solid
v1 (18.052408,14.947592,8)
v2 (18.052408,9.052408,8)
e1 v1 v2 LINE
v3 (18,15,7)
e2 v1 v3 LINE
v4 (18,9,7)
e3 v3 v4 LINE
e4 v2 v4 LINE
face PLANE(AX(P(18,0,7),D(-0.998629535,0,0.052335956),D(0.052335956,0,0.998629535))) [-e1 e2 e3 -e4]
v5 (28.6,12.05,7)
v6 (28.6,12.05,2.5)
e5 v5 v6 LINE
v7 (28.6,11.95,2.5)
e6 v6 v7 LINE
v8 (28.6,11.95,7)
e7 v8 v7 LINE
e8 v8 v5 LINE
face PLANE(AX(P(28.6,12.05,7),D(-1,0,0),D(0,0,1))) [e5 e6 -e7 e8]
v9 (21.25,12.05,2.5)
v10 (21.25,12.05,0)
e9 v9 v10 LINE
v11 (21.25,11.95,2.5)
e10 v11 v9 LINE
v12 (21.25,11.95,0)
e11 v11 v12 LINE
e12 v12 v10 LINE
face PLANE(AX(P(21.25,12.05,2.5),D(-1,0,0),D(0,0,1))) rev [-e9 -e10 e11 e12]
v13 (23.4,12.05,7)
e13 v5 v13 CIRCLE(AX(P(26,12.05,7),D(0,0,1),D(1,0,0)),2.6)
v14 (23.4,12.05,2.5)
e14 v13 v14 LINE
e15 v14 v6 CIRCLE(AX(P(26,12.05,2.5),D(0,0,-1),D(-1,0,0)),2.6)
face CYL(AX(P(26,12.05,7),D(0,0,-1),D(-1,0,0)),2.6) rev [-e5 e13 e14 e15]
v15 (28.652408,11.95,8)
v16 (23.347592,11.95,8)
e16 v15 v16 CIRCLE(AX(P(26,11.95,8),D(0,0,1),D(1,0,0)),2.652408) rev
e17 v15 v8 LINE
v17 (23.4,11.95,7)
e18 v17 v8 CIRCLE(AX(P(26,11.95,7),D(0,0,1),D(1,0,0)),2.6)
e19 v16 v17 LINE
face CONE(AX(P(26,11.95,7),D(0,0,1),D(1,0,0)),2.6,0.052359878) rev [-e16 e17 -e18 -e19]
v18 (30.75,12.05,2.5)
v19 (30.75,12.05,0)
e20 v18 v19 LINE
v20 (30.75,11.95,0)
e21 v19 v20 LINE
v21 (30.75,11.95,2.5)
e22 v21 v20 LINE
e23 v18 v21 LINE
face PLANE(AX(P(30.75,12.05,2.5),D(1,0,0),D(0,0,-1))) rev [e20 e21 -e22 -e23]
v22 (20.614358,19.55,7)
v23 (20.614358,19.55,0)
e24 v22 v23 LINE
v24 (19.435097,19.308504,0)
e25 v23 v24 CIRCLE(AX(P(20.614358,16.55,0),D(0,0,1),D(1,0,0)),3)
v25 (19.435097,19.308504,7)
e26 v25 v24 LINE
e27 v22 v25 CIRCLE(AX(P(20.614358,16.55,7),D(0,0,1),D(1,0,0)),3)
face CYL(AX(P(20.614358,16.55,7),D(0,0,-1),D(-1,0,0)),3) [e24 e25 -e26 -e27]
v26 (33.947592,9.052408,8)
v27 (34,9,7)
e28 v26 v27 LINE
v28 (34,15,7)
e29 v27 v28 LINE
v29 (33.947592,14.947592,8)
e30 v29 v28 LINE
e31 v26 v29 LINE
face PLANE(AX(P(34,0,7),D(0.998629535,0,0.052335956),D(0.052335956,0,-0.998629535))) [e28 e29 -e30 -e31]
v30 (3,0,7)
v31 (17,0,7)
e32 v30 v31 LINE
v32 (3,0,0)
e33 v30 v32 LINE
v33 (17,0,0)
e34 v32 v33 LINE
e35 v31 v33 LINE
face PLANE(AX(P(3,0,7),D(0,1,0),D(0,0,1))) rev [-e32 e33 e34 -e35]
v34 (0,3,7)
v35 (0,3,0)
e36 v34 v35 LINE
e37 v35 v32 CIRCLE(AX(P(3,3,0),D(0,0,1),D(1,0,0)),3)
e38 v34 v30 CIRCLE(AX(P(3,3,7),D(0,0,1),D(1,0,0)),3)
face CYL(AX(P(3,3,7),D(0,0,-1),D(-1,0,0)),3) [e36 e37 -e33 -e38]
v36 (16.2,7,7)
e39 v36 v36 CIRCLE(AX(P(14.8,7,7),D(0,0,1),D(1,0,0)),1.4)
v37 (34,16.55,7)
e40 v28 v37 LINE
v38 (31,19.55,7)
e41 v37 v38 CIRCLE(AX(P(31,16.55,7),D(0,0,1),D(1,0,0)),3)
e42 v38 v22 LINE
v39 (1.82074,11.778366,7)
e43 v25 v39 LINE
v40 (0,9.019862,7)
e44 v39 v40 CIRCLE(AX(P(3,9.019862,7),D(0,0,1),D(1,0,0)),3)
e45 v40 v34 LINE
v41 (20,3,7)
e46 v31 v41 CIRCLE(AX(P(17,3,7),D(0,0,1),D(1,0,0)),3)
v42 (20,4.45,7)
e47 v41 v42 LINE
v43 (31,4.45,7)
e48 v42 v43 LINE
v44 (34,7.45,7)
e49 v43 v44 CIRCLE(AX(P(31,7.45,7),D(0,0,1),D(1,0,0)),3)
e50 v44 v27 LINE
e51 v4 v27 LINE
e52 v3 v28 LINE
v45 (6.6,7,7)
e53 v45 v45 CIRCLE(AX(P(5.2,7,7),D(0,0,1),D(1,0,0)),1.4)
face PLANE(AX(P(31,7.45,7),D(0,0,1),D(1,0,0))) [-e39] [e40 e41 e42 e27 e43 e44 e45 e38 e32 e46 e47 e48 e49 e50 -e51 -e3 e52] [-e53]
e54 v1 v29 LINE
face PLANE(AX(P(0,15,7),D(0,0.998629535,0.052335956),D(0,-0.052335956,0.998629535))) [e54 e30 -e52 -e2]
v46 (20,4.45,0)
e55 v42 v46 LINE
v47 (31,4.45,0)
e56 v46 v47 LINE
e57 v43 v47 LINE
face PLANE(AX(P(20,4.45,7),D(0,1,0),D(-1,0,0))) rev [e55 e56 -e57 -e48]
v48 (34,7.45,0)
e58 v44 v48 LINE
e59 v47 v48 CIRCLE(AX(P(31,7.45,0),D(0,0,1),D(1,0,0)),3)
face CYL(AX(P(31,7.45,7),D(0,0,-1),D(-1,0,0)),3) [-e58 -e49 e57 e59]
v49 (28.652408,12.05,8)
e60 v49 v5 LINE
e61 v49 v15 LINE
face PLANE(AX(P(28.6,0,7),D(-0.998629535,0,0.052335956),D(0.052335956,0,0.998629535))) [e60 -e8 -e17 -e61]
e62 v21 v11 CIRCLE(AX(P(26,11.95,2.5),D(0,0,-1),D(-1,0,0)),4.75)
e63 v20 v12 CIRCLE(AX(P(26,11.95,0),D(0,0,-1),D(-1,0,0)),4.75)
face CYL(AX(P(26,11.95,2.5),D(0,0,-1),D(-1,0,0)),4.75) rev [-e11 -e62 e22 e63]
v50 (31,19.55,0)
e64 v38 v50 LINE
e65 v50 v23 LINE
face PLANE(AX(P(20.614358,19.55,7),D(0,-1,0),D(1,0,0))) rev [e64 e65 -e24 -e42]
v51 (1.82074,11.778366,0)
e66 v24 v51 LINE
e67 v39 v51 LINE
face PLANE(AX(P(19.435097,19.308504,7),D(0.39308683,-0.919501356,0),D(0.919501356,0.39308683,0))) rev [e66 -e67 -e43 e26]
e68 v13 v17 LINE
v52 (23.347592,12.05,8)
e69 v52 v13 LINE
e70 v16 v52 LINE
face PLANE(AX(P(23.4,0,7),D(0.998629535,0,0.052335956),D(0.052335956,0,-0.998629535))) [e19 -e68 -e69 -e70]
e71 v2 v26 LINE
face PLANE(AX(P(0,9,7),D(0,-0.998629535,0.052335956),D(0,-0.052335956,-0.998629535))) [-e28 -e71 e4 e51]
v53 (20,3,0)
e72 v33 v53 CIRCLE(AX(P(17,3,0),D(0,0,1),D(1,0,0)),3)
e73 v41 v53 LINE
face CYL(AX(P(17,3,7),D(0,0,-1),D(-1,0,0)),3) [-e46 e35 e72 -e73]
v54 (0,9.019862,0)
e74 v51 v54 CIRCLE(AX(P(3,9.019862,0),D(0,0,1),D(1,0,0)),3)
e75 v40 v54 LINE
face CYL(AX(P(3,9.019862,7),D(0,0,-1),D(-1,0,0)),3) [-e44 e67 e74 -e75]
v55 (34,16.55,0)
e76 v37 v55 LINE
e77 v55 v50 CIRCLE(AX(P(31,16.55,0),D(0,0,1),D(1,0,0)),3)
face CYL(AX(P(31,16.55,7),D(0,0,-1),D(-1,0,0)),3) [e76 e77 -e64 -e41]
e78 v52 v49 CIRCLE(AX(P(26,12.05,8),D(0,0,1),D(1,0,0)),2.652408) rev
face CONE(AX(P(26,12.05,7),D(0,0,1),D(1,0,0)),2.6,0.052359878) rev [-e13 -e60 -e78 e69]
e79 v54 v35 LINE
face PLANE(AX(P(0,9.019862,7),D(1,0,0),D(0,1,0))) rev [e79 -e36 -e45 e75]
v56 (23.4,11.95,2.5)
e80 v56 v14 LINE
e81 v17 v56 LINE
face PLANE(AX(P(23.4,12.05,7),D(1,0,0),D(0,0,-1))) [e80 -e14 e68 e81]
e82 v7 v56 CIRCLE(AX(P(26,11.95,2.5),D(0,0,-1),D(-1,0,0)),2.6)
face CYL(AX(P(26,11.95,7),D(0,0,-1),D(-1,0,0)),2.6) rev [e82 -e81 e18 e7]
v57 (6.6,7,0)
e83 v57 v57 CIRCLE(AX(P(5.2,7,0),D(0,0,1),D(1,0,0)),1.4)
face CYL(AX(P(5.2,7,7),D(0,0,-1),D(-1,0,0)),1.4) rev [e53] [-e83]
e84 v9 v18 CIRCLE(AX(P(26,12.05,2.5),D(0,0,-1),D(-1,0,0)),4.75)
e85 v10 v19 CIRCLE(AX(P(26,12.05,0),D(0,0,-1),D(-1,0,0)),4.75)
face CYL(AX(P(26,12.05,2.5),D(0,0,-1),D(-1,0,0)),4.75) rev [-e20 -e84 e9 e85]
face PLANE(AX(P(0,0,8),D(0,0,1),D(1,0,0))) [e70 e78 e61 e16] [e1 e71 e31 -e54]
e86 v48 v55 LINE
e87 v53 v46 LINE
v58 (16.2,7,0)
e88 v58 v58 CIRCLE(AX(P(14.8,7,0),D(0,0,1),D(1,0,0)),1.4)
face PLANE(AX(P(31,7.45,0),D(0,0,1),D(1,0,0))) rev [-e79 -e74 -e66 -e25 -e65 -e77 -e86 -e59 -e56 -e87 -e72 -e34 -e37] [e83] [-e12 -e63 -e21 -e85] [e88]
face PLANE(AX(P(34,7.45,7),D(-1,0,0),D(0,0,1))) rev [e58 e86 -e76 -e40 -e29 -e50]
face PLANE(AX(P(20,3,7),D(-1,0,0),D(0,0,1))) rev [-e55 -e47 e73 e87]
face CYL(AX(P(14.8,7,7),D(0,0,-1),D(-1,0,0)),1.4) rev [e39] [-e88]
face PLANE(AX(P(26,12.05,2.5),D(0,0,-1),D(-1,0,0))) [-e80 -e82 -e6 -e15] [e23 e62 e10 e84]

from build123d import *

# Parameters (mm, degrees)
SKETCH1_R           = 1.4
BOSS_EXTRUDE1_DEPTH = 7
CUT_EXTRUDE1_DEPTH  = 2.5
SKETCH3_W           = 16
SKETCH3_H           = 6
BOSS_EXTRUDE2_DEPTH = 1
BOSS_EXTRUDE2_DRAFT = 3


with BuildPart() as part:
    # Sketch1 → Boss-Extrude1 (new body)
    with BuildSketch(Plane.XY):
        with BuildLine():
            Line((3, 0), (17, 0))
            ThreePointArc((17, 0), (19.121320344, 0.878679656), (20, 3))
            Line((20, 3), (20, 4.45))
            Line((20, 4.45), (31, 4.45))
            ThreePointArc((31, 4.45), (33.121320344, 5.328679656), (34, 7.45))
            Line((34, 7.45), (34, 16.55))
            ThreePointArc((34, 16.55), (33.121320344, 18.671320344), (31, 19.55))
            Line((31, 19.55), (20.614357727, 19.55))
            ThreePointArc((20.614357727, 19.55), (20.012490717, 19.489005972), (19.435097237, 19.308504069))
            Line((19.435097237, 19.308504069), (1.820739511, 11.778366141))
            ThreePointArc((1.820739511, 11.778366141), (0.496224704, 10.672468881), (0, 9.019862072))
            Line((0, 9.019862072), (0, 3))
            ThreePointArc((0, 3), (0.878679656, 0.878679656), (3, 0))
        make_face()
        with Locations((5.2, 7)):
            Circle(SKETCH1_R, mode=Mode.SUBTRACT)
        with Locations((14.8, 7)):
            Circle(SKETCH1_R, mode=Mode.SUBTRACT)
        with BuildLine():
            Line((28.6, 12.05), (28.6, 11.95))
            ThreePointArc((28.6, 11.95), (26, 9.35), (23.4, 11.95))
            Line((23.4, 11.95), (23.4, 12.05))
            ThreePointArc((23.4, 12.05), (26, 14.65), (28.6, 12.05))
        make_face(mode=Mode.SUBTRACT)
    extrude(amount=BOSS_EXTRUDE1_DEPTH)

    # Sketch2 → Cut-Extrude1 (cut)
    with BuildSketch(Plane(origin=(0, 0, 0), x_dir=(-1, 0, 0), z_dir=(0, 0, -1))):
        with BuildLine():
            Line((-21.25, 12.05), (-21.25, 11.95))
            ThreePointArc((-21.25, 11.95), (-26, 7.2), (-30.75, 11.95))
            Line((-30.75, 11.95), (-30.75, 12.05))
            ThreePointArc((-30.75, 12.05), (-26, 16.8), (-21.25, 12.05))
        make_face()
    extrude(amount=-CUT_EXTRUDE1_DEPTH, mode=Mode.SUBTRACT)


with BuildPart() as boss_extrude2_tool:
    # Sketch3 → Boss-Extrude2 (with draft: the straight prism first)
    with BuildSketch(Plane.XY.offset(7)):
        with Locations((26, 12)):
            Rectangle(SKETCH3_W, SKETCH3_H)
        with BuildLine():
            Line((28.6, 12.05), (28.6, 11.95))
            ThreePointArc((28.6, 11.95), (26, 9.35), (23.4, 11.95))
            Line((23.4, 11.95), (23.4, 12.05))
            ThreePointArc((23.4, 12.05), (26, 14.65), (28.6, 12.05))
        make_face(mode=Mode.SUBTRACT)
    extrude(amount=BOSS_EXTRUDE2_DEPTH)
    # Boss-Extrude2: the draft: its side faces are tilted about the plane it starts from
    boss_extrude2_sides = [boss_extrude2_tool.faces().sort_by_distance(p)[0] for p in [
        (26, 15, 7.5),
        (18, 12, 7.5),
        (26, 9, 7.5),
        (34, 12, 7.5),
        (26, 14.65, 7.5),
        (28.6, 12, 7.5),
        (26, 9.35, 7.5),
        (23.4, 12, 7.5),
    ]]
    draft(boss_extrude2_sides, Plane.XY.offset(7), BOSS_EXTRUDE2_DRAFT)


with BuildPart() as part_1:
    add(part.part)

    # Boss-Extrude2: add boss_extrude2_tool
    add(boss_extrude2_tool.part)


solid = part_1.part
